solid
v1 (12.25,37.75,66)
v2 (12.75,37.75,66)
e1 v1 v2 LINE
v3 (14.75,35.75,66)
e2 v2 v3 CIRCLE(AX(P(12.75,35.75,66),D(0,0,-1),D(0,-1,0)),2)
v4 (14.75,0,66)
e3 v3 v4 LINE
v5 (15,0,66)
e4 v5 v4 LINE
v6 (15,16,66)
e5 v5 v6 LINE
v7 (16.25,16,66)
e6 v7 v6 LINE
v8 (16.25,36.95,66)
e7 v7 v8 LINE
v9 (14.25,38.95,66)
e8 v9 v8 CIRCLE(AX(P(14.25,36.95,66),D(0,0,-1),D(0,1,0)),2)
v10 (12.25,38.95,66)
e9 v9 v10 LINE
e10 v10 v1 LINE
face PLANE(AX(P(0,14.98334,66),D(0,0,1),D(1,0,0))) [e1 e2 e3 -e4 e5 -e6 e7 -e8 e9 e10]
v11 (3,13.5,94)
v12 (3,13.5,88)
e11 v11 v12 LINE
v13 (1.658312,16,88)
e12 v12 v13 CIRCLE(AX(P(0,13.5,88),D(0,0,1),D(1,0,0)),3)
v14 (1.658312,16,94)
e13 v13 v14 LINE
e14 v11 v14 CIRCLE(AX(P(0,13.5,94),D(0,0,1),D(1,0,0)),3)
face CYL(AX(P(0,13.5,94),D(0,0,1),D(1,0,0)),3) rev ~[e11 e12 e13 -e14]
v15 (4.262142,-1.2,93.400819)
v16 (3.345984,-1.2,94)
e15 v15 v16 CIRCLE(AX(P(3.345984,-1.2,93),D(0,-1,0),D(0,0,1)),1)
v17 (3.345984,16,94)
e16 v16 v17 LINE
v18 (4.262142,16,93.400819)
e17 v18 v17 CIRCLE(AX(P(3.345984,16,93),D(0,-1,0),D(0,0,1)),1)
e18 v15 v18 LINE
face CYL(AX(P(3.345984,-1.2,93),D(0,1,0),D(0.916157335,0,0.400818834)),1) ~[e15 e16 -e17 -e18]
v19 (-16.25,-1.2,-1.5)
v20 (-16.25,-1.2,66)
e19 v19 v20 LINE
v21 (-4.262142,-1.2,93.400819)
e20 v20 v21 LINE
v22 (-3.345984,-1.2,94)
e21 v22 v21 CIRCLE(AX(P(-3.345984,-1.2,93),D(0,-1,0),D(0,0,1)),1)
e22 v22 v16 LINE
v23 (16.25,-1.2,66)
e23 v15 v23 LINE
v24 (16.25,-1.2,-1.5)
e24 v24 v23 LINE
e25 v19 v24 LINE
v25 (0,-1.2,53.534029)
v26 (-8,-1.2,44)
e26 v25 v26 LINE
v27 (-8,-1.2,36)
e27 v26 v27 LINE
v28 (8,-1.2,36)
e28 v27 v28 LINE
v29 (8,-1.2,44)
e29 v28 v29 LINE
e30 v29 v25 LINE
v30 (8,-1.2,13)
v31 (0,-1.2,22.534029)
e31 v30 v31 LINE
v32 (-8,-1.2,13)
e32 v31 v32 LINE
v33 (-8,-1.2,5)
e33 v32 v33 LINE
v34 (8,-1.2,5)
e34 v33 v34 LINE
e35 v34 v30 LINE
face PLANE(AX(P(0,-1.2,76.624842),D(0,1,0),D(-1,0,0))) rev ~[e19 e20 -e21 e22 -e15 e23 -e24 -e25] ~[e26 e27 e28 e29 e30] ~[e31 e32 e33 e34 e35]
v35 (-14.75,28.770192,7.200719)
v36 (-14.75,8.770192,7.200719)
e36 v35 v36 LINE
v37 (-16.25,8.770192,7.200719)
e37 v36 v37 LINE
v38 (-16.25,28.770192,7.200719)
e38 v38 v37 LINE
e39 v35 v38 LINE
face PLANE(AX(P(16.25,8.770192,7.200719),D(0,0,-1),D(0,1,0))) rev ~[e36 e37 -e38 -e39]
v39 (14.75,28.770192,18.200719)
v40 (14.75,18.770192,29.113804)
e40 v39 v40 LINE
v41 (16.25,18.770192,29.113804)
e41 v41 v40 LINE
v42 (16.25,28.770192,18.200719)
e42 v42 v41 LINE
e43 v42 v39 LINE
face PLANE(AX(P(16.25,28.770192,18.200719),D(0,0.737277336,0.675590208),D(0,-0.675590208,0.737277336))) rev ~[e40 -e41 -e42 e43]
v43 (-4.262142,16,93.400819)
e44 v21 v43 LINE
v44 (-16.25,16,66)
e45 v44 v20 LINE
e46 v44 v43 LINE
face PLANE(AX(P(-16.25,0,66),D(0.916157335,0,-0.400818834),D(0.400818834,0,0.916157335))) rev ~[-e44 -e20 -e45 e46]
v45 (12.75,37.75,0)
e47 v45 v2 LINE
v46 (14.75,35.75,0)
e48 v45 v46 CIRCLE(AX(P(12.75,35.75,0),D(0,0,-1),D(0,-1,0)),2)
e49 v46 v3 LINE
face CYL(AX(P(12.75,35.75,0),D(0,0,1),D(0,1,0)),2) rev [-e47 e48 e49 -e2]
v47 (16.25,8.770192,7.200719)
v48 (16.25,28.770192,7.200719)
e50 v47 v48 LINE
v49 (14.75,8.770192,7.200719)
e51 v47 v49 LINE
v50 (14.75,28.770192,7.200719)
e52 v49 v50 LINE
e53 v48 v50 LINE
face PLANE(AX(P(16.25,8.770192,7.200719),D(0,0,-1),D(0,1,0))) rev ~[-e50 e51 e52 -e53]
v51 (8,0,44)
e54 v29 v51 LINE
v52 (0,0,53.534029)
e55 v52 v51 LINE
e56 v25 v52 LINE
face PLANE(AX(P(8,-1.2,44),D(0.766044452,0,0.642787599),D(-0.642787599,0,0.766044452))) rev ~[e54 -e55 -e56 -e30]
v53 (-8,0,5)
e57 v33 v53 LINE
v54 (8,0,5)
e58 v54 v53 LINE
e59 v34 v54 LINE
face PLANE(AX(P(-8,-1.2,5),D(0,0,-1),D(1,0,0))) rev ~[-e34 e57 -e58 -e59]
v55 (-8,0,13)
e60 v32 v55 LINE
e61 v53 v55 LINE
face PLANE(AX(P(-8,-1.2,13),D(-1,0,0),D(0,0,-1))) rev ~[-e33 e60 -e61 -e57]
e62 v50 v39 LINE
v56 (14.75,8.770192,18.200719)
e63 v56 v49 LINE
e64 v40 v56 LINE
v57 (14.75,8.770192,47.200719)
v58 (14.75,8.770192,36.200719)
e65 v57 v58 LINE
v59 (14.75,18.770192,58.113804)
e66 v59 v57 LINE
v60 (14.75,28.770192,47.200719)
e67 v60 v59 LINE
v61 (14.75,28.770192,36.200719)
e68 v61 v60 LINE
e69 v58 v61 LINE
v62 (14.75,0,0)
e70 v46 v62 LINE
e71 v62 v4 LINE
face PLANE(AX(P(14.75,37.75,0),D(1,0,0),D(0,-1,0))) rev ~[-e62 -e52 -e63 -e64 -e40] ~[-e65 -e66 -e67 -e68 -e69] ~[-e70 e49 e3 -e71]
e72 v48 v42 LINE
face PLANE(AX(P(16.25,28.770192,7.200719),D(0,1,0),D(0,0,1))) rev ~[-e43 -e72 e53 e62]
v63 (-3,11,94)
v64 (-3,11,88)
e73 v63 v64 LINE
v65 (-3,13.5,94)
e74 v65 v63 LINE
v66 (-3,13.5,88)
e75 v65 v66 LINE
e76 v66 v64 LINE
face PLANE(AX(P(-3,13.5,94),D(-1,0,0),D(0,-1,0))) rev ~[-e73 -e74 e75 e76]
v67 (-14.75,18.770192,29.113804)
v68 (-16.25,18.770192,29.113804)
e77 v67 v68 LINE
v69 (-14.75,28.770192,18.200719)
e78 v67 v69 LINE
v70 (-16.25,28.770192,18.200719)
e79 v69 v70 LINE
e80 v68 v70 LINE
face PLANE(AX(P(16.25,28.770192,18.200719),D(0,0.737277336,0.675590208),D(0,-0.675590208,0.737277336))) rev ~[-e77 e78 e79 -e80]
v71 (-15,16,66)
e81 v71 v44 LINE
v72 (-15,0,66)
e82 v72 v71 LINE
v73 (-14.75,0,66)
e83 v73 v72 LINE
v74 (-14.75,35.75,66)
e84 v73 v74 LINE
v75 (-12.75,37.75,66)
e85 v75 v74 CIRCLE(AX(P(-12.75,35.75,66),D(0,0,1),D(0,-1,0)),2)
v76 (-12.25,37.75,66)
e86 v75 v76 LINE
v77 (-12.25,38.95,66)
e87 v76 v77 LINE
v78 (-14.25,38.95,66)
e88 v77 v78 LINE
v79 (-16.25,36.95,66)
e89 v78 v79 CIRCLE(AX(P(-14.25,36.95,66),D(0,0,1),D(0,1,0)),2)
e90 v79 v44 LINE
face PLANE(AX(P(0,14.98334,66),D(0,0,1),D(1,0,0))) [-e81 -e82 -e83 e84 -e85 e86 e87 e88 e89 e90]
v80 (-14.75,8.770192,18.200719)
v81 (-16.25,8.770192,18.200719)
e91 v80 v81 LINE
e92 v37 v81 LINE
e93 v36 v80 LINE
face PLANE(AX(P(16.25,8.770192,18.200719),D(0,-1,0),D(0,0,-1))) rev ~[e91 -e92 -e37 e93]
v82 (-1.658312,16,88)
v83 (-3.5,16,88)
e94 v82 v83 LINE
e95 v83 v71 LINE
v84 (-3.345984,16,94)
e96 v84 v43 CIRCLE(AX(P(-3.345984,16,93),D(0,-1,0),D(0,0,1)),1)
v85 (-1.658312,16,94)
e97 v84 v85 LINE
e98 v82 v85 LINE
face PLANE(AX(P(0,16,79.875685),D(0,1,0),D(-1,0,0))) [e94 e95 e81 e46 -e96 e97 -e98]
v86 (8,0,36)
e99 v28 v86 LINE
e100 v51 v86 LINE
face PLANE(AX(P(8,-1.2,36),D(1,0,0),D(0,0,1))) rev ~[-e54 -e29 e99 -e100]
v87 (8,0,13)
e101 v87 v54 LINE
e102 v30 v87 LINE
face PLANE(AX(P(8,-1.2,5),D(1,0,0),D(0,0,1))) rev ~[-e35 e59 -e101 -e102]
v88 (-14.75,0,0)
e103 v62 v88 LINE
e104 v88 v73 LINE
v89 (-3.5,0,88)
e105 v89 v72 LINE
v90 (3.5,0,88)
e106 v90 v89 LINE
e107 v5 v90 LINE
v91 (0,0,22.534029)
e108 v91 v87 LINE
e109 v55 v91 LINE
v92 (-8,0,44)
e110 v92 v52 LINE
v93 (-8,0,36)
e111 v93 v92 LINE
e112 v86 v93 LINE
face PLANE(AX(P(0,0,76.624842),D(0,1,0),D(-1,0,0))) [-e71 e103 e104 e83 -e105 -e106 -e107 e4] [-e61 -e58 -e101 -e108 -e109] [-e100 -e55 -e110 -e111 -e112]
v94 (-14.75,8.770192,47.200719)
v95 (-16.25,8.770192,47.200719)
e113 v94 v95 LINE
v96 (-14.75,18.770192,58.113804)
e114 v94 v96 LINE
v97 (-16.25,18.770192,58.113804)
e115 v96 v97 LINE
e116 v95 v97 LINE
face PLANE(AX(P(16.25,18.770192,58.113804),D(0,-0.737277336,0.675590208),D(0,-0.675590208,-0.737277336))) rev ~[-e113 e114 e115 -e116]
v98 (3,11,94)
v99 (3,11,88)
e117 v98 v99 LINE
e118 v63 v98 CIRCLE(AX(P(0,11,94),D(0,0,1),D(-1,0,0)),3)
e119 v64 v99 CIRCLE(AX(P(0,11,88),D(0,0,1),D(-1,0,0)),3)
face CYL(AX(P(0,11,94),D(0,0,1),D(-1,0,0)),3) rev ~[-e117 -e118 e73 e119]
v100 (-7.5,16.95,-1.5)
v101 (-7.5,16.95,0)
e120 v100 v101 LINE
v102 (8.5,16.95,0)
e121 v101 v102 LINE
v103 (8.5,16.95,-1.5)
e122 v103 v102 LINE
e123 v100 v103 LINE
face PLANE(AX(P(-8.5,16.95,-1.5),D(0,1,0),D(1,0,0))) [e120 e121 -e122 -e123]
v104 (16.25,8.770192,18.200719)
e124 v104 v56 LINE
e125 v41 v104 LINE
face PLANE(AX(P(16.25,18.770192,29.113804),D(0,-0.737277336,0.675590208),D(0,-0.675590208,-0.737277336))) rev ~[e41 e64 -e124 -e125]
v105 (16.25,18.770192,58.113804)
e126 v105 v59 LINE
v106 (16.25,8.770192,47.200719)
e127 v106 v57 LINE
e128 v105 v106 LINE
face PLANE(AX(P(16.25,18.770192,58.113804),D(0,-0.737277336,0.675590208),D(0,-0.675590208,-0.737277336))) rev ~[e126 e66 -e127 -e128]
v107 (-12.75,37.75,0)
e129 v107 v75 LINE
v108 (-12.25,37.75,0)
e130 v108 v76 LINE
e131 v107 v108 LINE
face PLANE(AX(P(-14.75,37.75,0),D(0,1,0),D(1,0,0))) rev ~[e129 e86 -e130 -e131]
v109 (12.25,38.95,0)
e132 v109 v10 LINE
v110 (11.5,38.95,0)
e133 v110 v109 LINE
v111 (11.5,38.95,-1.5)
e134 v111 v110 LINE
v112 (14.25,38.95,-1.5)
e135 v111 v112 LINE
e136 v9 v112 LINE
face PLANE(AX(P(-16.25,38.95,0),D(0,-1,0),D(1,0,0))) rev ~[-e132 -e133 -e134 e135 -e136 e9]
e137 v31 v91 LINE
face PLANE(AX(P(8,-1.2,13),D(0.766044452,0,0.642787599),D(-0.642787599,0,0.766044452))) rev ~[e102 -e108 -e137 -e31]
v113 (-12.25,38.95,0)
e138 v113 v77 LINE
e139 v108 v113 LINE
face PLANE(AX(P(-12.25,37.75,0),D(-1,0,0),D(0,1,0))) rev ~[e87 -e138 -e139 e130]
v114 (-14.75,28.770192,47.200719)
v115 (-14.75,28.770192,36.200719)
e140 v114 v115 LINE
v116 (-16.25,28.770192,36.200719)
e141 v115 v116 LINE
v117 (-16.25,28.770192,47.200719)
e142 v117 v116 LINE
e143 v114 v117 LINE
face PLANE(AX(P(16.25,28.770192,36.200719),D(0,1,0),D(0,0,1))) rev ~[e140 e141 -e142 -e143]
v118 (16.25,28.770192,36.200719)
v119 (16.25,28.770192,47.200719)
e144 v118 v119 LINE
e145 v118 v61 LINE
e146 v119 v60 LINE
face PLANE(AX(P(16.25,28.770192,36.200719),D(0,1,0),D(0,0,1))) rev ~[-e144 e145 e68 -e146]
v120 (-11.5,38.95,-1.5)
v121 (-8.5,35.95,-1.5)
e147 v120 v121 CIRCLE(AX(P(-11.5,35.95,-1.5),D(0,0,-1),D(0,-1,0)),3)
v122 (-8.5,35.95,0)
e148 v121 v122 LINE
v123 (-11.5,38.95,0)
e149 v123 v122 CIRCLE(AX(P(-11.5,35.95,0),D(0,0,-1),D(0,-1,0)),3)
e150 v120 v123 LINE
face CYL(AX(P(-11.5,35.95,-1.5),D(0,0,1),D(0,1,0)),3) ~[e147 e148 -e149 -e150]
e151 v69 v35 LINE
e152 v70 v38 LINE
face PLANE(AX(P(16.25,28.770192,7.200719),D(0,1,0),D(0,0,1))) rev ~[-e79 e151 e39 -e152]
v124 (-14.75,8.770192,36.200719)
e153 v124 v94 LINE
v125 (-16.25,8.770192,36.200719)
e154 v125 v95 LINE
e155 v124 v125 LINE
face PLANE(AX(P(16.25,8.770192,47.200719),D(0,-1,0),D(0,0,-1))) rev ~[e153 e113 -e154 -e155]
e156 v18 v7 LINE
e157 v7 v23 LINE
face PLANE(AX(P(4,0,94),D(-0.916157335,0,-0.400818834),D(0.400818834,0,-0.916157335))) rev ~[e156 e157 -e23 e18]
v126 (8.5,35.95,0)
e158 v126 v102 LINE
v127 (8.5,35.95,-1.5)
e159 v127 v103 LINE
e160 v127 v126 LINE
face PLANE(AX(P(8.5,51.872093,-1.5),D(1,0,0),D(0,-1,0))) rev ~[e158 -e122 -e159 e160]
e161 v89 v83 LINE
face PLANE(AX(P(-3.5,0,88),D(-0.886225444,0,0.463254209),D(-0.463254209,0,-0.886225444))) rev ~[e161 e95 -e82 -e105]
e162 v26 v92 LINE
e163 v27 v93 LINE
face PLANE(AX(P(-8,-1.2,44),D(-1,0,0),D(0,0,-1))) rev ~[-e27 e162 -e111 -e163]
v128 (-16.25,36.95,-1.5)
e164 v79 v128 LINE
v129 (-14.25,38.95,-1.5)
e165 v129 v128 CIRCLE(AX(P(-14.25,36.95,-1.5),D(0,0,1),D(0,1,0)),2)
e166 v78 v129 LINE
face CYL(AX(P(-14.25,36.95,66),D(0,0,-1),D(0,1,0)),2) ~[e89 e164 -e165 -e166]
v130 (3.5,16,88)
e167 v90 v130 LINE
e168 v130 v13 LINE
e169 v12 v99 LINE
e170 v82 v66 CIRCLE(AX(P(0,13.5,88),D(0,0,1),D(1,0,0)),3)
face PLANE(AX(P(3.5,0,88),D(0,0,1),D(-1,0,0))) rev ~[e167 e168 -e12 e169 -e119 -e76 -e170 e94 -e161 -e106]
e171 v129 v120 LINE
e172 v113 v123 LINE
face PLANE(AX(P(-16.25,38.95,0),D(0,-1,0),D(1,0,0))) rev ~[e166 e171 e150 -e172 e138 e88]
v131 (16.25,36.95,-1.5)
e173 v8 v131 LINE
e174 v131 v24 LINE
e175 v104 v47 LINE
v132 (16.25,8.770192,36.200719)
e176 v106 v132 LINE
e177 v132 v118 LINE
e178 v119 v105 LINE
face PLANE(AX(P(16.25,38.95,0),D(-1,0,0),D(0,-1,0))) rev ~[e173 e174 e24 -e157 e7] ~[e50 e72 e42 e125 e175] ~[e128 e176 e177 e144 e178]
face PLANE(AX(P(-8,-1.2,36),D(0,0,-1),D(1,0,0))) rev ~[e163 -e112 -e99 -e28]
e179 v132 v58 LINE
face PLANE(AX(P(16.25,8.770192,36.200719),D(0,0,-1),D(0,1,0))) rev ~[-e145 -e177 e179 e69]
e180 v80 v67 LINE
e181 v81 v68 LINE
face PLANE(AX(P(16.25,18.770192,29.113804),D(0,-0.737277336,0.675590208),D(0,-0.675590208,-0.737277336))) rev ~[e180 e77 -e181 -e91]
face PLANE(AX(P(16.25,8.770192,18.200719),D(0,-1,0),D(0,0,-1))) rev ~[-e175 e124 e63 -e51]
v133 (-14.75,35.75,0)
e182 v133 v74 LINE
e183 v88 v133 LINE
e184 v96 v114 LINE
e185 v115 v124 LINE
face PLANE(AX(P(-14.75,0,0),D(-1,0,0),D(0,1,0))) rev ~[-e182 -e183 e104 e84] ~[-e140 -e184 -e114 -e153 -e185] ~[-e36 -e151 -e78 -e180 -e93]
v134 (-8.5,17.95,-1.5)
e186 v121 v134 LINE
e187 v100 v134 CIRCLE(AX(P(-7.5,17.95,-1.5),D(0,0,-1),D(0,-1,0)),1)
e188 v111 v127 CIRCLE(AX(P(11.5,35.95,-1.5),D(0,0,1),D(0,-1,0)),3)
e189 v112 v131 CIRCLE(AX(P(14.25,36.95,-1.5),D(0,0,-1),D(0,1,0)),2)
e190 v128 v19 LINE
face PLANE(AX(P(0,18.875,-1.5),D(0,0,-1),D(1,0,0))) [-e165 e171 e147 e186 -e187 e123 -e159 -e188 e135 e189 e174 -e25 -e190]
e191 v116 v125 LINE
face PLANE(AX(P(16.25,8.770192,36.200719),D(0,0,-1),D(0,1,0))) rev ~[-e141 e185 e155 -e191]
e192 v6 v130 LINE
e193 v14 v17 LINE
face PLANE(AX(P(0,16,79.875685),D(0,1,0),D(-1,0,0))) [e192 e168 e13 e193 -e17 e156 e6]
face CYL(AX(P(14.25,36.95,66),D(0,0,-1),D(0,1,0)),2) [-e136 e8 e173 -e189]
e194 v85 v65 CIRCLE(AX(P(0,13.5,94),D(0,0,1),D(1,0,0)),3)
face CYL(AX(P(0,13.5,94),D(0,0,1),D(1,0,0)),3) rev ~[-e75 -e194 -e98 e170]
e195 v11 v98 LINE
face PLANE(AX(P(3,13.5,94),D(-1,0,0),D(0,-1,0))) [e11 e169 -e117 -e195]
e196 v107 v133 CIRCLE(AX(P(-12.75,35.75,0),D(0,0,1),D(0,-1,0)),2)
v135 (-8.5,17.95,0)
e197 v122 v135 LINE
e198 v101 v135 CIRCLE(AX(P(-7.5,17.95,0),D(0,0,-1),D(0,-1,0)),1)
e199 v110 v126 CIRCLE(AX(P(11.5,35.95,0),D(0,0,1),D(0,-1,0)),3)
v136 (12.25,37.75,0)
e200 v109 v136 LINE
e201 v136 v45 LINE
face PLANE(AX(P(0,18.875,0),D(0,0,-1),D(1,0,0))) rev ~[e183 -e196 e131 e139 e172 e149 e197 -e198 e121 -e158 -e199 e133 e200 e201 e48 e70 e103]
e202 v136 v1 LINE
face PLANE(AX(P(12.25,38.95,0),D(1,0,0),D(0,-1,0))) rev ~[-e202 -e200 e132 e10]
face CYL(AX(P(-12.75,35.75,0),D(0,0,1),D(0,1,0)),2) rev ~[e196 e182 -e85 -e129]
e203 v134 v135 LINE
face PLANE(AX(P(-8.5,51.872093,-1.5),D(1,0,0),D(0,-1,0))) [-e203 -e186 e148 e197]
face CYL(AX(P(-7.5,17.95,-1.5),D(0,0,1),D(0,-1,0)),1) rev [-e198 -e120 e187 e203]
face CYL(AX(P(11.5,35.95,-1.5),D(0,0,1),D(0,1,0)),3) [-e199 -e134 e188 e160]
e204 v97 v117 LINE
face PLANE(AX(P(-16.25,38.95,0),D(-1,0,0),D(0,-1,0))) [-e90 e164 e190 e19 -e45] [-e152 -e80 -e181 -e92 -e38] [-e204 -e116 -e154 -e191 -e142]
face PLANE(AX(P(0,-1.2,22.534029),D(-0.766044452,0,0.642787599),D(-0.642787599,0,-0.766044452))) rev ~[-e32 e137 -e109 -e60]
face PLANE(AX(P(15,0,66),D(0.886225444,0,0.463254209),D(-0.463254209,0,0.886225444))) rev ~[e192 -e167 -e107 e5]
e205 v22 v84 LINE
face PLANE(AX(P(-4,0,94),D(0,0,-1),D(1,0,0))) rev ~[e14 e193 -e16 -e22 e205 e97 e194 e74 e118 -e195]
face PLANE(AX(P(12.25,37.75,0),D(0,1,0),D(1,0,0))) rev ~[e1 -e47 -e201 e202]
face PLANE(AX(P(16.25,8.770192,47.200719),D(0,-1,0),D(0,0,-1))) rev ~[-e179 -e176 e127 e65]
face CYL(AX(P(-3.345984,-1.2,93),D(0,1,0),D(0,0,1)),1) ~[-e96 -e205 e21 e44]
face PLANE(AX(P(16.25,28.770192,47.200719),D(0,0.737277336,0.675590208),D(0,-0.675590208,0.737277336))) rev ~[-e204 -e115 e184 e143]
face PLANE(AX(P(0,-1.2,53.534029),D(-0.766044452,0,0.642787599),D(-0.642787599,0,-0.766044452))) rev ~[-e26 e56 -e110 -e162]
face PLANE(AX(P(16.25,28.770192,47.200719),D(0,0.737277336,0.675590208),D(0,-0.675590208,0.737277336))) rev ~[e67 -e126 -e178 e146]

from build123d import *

# Parameters (mm, degrees)
PAD_DEPTH              = 66
SKETCH001_W            = 32.5
SKETCH001_H            = 40.15
PAD001_DEPTH           = 1.5
PAD002_DEPTH           = 1.2
PAD003_DEPTH           = 16
SKETCH011_W            = 16.471436
SKETCH011_H            = 30.415474
POCKET_DEPTH           = 5
POCKET001_DEPTH        = 13
POCKET002_DEPTH        = 5
LINEARPATTERN_COUNT    = 2
LINEARPATTERN_PITCH    = 31
POCKET003_DEPTH        = 32.501
LINEARPATTERN001_COUNT = 2
LINEARPATTERN001_PITCH = 29
SKETCH017_W            = 17
SKETCH017_H            = 34.922093
POCKET004_DEPTH        = 5
FILLET_R               = 3
FILLET001_R            = 1
FILLET002_R            = 2
FILLET003_R            = 2
FILLET004_R            = 1
FILLET005_R            = 1


with BuildPart() as part:
    # Sketch → Pad (new body)
    with BuildSketch(Plane.XY):
        Polygon((14.75, 37.75), (14.75, 0), (-14.75, 0), (-14.75, 37.75), (-12.25, 37.75), (-12.25, 38.95), (-16.25, 38.95), (-16.25, -1.2), (16.25, -1.2), (16.25, 38.95), (12.25, 38.95), (12.25, 37.75), align=None)
    extrude(amount=PAD_DEPTH)

    # Sketch001 (on Face13 of Pad) → Pad001 (join)
    with BuildSketch(Plane(origin=(0, 0, 0), x_dir=(1, 0, 0), z_dir=(0, 0, -1))):
        with Locations((0, -18.875)):
            Rectangle(SKETCH001_W, SKETCH001_H)
    extrude(amount=PAD001_DEPTH)

    # Sketch002 (on Face13 of Pad001) → Pad002 (join)
    with BuildSketch(Plane.XZ.offset(1.2)):
        Polygon((-16.25, 66), (-4, 94), (4, 94), (16.25, 66), align=None)
    extrude(amount=-PAD002_DEPTH)

    # Sketch007 (on Face8 of Pad002) → Pad003 (join)
    with BuildSketch(Plane(origin=(0, 0, 0), x_dir=(-1, 0, 0), z_dir=(0, 1, 0))):
        Polygon((-16.25, 66), (-15, 66), (-3.5, 88), (3.5, 88), (15, 66), (16.25, 66), (4, 94), (-4, 94), align=None)
    extrude(amount=PAD003_DEPTH)

    # Sketch011 (on Face24 of Pad003) → Pocket (cut)
    with BuildSketch(Plane(origin=(37.87541, 0, 16.570492), x_dir=(0, 1, 0), z_dir=(0.916157, 0, 0.400819))):
        with Locations((0, -31.207737)):
            Rectangle(SKETCH011_W, SKETCH011_H)
    extrude(amount=-POCKET_DEPTH, mode=Mode.SUBTRACT)

    # Sketch016 (on Face27 of Pocket) → Pocket001 (cut)
    with BuildSketch(Plane.XY.offset(94)):
        with BuildLine():
            ThreePointArc((3, 13.5), (0, 16.5), (-3, 13.5))
            Line((-3, 13.5), (-3, 11))
            ThreePointArc((-3, 11), (0, 8), (3, 11))
            Line((3, 13.5), (3, 11))
        make_face()
    extrude(amount=-POCKET001_DEPTH, mode=Mode.SUBTRACT)

    # Sketch014 (on Face23 of Pocket001) → Pocket002 (cut)
    with BuildSketch(Plane.XZ.offset(1.2)):
        Polygon((0, 22.534029), (-8, 13), (-8, 5), (8, 5), (8, 13), align=None)
    pocket002 = extrude(amount=-POCKET002_DEPTH, mode=Mode.SUBTRACT)

    # LinearPattern: Pocket002 ×2
    with Locations(*[(0, 0, i * LINEARPATTERN_PITCH) for i in range(1, LINEARPATTERN_COUNT)]):
        add(pocket002, mode=Mode.SUBTRACT)

    # Sketch015 (on Face23 of LinearPattern) → Pocket003 (cut, through all)
    with BuildSketch(Plane.YZ.offset(16.25)):
        Polygon((18.770192, 29.113804), (8.770192, 18.200719), (8.770192, 7.200719), (28.770192, 7.200719), (28.770192, 18.200719), align=None)
    pocket003 = extrude(amount=-POCKET003_DEPTH, mode=Mode.SUBTRACT)

    # LinearPattern001: Pocket003 ×2
    with Locations(*[(0, 0, i * LINEARPATTERN001_PITCH) for i in range(1, LINEARPATTERN001_COUNT)]):
        add(pocket003, mode=Mode.SUBTRACT)

    # Sketch017 (on Face50 of LinearPattern001) → Pocket004 (cut)
    with BuildSketch(Plane(origin=(0, 0, -1.5), x_dir=(1, 0, 0), z_dir=(0, 0, -1))):
        with Locations((0, -34.411046)):
            Rectangle(SKETCH017_W, SKETCH017_H)
    extrude(amount=-POCKET004_DEPTH, mode=Mode.SUBTRACT)

    # Fillet
    fillet_edges = [part.edges().sort_by_distance(p)[0] for p in [
        (-8.5, 38.95, -0.75),
        (8.5, 38.95, -0.75),
    ]]
    fillet(fillet_edges, radius=FILLET_R)

    # Fillet001
    fillet001_edges = [part.edges().sort_by_distance(p)[0] for p in [
        (-8.5, 16.95, -0.75),
    ]]
    fillet(fillet001_edges, radius=FILLET001_R)

    # Fillet002
    fillet002_edges = [part.edges().sort_by_distance(p)[0] for p in [
        (-16.25, 38.95, 33),
        (16.25, 38.95, 33),
    ]]
    fillet(fillet002_edges, radius=FILLET002_R)

    # Fillet003
    fillet003_edges = [part.edges().sort_by_distance(p)[0] for p in [
        (-14.75, 37.75, 33),
        (14.75, 37.75, 33),
    ]]
    fillet(fillet003_edges, radius=FILLET003_R)

    # Fillet004
    fillet004_edges = [part.edges().sort_by_distance(p)[0] for p in [
        (4, 8, 94),
    ]]
    fillet(fillet004_edges, radius=FILLET004_R)

    # Fillet005
    fillet005_edges = [part.edges().sort_by_distance(p)[0] for p in [
        (-4, 8, 94),
    ]]
    fillet(fillet005_edges, radius=FILLET005_R)


solid = part.part
